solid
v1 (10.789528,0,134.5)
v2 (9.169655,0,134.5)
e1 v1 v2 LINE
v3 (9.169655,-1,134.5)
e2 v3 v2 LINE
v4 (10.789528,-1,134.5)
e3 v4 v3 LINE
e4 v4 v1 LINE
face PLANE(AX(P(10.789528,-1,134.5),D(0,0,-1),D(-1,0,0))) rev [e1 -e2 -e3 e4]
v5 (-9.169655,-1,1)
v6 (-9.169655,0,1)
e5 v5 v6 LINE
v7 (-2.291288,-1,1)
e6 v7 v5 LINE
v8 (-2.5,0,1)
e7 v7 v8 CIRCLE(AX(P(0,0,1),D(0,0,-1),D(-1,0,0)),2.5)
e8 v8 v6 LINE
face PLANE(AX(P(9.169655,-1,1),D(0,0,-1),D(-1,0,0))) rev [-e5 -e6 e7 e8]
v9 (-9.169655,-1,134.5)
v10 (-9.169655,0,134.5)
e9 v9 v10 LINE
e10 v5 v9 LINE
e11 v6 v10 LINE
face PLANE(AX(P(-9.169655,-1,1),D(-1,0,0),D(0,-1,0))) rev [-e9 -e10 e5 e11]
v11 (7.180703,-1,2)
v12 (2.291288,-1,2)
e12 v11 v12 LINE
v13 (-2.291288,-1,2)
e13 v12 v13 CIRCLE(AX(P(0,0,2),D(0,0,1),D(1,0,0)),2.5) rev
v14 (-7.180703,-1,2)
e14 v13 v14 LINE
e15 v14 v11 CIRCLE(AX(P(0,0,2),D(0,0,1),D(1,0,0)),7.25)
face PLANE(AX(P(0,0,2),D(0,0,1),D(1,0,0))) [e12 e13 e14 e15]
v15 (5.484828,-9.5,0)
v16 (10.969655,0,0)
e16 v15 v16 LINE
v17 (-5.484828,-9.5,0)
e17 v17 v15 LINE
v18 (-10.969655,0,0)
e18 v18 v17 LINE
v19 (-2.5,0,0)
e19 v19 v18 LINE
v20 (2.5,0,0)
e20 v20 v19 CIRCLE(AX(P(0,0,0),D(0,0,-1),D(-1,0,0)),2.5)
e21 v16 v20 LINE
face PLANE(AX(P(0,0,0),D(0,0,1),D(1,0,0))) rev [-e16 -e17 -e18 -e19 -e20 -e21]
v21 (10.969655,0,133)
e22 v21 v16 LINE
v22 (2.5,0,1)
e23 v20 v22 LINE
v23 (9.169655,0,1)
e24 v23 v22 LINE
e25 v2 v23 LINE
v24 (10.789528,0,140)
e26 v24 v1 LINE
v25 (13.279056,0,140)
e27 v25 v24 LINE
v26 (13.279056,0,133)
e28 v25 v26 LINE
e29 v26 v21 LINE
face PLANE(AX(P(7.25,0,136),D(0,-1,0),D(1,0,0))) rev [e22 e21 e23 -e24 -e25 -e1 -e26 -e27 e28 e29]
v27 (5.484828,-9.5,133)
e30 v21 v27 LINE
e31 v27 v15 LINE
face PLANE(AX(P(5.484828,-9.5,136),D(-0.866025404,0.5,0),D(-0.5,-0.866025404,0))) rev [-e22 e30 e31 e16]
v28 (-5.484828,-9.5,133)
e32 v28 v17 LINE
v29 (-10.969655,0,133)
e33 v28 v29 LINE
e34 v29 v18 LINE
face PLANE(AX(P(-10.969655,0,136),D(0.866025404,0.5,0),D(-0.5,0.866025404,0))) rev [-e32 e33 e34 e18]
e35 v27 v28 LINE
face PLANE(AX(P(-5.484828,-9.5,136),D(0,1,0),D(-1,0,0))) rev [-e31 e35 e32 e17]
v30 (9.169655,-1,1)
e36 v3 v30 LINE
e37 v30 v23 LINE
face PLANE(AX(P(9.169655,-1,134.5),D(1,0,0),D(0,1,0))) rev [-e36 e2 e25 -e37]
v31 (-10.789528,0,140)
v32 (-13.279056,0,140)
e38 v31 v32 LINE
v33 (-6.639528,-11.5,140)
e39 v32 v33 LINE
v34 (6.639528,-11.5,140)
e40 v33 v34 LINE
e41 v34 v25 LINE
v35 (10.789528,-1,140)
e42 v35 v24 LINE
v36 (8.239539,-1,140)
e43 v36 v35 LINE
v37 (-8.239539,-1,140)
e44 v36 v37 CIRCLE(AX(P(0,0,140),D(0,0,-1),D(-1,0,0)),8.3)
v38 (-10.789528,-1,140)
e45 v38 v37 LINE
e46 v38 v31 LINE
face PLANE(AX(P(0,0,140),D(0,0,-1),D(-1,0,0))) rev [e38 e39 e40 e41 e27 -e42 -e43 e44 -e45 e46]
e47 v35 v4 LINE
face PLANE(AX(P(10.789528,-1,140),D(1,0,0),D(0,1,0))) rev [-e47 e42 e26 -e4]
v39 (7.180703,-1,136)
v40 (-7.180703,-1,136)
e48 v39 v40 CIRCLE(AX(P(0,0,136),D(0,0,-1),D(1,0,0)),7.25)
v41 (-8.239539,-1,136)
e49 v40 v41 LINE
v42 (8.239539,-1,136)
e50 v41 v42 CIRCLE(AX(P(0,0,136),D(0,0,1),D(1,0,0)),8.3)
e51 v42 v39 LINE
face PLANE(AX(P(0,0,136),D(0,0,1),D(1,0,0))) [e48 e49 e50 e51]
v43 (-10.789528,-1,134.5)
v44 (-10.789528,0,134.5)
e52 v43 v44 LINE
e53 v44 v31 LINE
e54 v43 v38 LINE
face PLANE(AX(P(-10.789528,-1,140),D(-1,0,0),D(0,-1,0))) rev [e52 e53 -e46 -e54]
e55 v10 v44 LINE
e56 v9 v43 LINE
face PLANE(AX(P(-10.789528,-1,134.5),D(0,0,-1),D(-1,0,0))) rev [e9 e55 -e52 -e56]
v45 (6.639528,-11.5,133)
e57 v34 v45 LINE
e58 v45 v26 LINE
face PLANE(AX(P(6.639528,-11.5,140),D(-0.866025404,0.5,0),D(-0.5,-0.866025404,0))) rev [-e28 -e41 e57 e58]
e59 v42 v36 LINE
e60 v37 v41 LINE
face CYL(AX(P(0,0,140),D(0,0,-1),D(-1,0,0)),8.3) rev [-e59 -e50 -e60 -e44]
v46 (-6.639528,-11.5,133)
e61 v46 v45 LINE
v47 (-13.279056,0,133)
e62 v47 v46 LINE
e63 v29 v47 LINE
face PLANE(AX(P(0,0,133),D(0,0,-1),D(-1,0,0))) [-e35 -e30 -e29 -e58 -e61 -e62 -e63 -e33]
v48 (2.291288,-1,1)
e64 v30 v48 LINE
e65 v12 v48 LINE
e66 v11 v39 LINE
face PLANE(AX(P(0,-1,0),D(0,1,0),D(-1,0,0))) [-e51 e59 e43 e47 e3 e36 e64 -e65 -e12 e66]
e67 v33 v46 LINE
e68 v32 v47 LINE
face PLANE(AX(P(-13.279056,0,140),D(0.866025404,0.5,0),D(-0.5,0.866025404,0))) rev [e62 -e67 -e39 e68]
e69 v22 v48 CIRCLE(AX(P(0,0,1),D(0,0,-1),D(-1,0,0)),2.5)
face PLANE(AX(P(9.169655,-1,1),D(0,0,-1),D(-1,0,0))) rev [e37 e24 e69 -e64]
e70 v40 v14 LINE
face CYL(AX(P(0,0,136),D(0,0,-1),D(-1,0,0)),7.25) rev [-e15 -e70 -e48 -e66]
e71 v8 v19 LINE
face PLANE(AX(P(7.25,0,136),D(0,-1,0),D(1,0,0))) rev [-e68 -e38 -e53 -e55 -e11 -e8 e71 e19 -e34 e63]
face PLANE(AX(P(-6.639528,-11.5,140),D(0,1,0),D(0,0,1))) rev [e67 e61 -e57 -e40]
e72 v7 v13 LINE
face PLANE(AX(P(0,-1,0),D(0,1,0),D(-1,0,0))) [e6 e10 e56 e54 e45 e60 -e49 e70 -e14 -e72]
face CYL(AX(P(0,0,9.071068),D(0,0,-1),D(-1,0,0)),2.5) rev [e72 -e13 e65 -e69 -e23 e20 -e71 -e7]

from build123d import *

# Parameters (mm, degrees)
AUFSATZ_LINEAR_AUSTRAGEN1_DEPTH = 136
AUFSATZ_LINEAR_AUSTRAGEN2_DEPTH = 2
AUFSATZ_LINEAR_AUSTRAGEN3_DEPTH = 7
SCHNITT_LINEAR_AUSTRAGEN2_DEPTH = 1
SCHNITT_LINEAR_AUSTRAGEN1_REACH = 143.098
SKIZZE14_R                      = 2.5


with BuildPart() as part:
    # Skizze1 → Aufsatz-Linear austragen1 (new body)
    with BuildSketch(Plane.XY):
        with BuildLine():
            Line((7.25, 0), (10.969655115, 0))
            Line((10.969655115, 0), (5.484827557, -9.5))
            Line((5.484827557, -9.5), (-5.484827557, -9.5))
            Line((-5.484827557, -9.5), (-10.969655115, 0))
            Line((-10.969655115, 0), (-7.25, 0))
            ThreePointArc((-7.25, 0), (0, -7.25), (7.25, 0))
        make_face()
    extrude(amount=AUFSATZ_LINEAR_AUSTRAGEN1_DEPTH)

    # Skizze2 → Aufsatz-Linear austragen2 (add)
    with BuildSketch(Plane.XY):
        with BuildLine():
            Line((7.25, 0), (-7.25, 0))
            ThreePointArc((-7.25, 0), (0, -7.25), (7.25, 0))
        make_face()
    extrude(amount=AUFSATZ_LINEAR_AUSTRAGEN2_DEPTH)

    # Skizze3 → Aufsatz-Linear austragen3 (add)
    with BuildSketch(Plane.XY.offset(133)):
        with BuildLine():
            Line((-8.3, 0), (-13.279056191, 0))
            Line((-13.279056191, 0), (-6.639528096, -11.5))
            Line((-6.639528096, -11.5), (6.639528096, -11.5))
            Line((6.639528096, -11.5), (13.279056191, 0))
            Line((13.279056191, 0), (8.3, 0))
            ThreePointArc((8.3, 0), (0, -8.3), (-8.3, 0))
        make_face()
    extrude(amount=AUFSATZ_LINEAR_AUSTRAGEN3_DEPTH)

    # Skizze13 → Schnitt-Linear austragen2 (cut)
    with BuildSketch(Plane(origin=(0, 0, 0), x_dir=(1, 0, 0), z_dir=(0, 1, 0))):
        Polygon((-10.789528096, -140), (10.789528096, -140), (10.789528096, -134.5), (9.169655115, -134.5), (9.169655115, -1), (-9.169655115, -1), (-9.169655115, -134.5), (-10.789528096, -134.5), align=None)
    extrude(amount=-SCHNITT_LINEAR_AUSTRAGEN2_DEPTH, mode=Mode.SUBTRACT)

    # Schnitt-Linear austragen1: up to this face of the body (flat: up to its plane)
    schnitt_linear_austragen1_end = Plane(part.part.faces().sort_by_distance((0, -3.624030572, 2))[0])
    # Skizze14 → Schnitt-Linear austragen1 (cut, up to the picked face)
    with BuildSketch(Plane(origin=(0, 0, 0), x_dir=(-1, 0, 0), z_dir=(0, 0, -1)), mode=Mode.PRIVATE) as schnitt_linear_austragen1_sk1:
        Circle(SKIZZE14_R)
    schnitt_linear_austragen1_tool1 = split(extrude(schnitt_linear_austragen1_sk1.sketch, amount=-SCHNITT_LINEAR_AUSTRAGEN1_REACH, mode=Mode.PRIVATE), bisect_by=schnitt_linear_austragen1_end, keep=Keep.BOTH, mode=Mode.PRIVATE)
    add(schnitt_linear_austragen1_tool1.solids().sort_by(Axis((0, 0, 0), (0, 0, 1)))[0], mode=Mode.SUBTRACT)


solid = part.part
